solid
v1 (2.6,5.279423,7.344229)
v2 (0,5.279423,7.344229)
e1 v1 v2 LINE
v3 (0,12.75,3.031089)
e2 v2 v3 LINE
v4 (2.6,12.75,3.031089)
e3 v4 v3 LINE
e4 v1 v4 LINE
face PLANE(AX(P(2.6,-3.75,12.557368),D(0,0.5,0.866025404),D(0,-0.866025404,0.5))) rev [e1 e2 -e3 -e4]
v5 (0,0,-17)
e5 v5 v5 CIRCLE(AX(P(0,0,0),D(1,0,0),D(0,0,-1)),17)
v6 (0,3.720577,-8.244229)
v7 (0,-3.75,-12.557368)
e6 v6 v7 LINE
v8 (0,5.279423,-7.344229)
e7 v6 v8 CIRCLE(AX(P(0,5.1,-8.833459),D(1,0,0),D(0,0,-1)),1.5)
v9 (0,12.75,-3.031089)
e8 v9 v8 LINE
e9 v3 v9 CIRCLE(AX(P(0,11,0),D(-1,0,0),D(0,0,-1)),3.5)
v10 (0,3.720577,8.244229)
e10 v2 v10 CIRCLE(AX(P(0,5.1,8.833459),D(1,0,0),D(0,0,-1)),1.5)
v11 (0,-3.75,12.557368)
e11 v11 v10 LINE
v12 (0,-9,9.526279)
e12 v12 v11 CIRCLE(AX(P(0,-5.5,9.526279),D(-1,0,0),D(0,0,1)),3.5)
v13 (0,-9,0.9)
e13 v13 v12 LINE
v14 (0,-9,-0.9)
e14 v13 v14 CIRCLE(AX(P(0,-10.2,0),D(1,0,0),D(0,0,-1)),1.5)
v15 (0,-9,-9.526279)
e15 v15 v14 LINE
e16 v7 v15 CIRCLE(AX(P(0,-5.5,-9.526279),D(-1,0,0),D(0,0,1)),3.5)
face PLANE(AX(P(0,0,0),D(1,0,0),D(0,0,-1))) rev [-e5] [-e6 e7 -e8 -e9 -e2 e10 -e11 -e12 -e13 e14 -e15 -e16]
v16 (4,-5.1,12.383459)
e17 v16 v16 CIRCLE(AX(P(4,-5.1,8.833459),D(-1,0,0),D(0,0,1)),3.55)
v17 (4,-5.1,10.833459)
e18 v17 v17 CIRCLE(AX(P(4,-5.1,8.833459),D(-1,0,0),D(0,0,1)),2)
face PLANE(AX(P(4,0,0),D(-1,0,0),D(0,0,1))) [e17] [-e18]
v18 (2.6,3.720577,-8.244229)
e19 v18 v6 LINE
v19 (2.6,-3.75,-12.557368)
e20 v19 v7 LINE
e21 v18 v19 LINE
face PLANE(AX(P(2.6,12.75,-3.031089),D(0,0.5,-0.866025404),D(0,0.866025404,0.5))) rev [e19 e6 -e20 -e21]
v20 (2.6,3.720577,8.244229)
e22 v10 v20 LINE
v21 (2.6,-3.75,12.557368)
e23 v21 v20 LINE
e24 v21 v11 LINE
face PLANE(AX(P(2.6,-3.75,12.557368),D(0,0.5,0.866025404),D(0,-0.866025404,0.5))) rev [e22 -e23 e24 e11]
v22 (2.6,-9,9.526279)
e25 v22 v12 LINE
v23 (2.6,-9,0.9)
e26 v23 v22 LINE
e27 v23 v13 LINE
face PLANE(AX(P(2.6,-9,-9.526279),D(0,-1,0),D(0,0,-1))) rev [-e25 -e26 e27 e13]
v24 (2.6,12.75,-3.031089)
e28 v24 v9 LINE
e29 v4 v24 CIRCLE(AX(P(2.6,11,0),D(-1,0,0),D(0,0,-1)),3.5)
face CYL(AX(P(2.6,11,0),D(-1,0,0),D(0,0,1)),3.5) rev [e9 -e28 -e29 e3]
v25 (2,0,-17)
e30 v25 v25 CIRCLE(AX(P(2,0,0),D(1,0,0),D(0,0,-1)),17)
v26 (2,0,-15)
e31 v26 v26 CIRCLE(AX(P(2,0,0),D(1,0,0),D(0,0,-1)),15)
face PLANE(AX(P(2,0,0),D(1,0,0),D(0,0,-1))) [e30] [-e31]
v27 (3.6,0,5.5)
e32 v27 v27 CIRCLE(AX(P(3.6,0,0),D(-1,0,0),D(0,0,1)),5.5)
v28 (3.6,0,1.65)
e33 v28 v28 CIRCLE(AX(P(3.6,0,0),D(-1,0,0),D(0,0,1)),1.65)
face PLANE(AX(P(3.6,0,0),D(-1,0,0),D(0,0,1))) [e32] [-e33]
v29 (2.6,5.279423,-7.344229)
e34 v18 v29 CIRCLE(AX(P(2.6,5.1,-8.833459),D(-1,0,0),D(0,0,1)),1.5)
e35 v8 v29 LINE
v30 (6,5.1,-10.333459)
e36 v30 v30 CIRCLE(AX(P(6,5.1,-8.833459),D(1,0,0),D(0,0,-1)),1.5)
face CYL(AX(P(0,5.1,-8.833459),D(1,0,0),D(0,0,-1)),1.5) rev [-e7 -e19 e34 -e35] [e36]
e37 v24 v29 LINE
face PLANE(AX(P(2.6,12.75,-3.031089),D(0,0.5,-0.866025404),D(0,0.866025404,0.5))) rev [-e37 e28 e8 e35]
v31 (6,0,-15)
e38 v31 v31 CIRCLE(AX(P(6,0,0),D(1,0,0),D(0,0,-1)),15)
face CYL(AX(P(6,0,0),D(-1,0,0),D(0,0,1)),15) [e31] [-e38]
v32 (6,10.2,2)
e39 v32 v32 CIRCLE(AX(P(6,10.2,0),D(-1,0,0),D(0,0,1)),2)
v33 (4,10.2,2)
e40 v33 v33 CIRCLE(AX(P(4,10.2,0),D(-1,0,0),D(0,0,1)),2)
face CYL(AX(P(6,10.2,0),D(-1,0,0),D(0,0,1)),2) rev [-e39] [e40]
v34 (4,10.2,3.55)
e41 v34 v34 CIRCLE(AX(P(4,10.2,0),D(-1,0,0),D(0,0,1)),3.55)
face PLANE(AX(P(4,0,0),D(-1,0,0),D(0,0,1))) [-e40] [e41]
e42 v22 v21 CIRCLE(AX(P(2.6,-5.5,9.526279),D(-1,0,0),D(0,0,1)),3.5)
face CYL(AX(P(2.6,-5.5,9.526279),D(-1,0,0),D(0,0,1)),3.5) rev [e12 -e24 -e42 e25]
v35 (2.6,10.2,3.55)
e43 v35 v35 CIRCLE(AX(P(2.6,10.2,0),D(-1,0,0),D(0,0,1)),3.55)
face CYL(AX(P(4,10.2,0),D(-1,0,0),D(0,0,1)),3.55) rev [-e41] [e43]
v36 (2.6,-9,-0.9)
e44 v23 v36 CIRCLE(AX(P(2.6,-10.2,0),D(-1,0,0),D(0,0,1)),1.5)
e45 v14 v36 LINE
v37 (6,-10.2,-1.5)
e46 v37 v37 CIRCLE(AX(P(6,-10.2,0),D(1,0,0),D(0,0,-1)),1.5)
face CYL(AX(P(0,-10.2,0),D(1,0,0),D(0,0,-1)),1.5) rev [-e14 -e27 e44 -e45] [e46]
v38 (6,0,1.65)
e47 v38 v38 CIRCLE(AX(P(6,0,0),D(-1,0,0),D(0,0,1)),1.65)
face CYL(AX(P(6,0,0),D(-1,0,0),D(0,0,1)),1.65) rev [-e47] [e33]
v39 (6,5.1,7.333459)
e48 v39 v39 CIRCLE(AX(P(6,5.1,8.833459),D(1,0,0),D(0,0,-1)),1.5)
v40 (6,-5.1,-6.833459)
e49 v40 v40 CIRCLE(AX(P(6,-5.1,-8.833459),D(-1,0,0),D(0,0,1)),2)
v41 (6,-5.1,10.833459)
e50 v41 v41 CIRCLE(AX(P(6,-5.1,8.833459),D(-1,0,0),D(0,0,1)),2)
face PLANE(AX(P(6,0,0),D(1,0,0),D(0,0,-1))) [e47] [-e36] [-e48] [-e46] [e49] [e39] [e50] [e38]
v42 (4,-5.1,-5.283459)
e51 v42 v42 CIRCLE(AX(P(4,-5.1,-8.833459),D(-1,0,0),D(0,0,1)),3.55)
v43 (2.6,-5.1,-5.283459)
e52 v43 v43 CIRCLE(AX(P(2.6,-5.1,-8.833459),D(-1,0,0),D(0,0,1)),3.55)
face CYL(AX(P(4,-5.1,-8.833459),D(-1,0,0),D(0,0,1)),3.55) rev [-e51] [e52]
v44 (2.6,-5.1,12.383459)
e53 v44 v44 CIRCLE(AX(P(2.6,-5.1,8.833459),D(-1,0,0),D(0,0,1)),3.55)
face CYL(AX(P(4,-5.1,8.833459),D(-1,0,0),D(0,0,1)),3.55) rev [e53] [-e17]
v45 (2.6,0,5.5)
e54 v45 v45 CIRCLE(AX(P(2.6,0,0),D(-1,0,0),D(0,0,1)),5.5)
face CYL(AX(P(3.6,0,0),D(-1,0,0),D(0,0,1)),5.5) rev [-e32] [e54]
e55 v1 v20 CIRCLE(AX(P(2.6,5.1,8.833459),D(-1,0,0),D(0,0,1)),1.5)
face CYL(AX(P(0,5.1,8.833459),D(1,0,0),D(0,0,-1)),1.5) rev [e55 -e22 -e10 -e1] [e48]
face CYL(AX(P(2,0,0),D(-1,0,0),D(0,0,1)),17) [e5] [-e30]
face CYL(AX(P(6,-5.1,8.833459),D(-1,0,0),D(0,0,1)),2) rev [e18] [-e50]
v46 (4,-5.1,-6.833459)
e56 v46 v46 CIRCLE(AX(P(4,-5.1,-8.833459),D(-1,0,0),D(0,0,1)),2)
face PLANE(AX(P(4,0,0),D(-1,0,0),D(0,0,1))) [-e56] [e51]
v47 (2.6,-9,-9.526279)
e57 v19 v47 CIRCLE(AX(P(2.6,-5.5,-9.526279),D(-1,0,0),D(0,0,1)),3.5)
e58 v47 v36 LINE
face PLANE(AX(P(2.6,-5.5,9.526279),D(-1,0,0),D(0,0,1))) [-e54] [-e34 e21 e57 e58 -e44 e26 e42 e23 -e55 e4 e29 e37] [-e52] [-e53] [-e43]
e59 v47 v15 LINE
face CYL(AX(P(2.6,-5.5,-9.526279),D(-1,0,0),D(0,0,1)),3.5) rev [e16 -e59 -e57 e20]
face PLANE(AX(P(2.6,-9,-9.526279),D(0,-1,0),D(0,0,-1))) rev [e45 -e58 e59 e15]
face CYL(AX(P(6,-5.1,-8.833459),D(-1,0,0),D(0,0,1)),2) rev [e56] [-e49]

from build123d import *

# Parameters (mm, degrees)
SKETCH_4_R          = 17
EXTRUDE_2_DEPTH     = 2
SKETCH_5_R          = 15
EXTRUDE_3_DEPTH     = 4
CUT_EXTRUDE_1_DEPTH = 2.6
SKETCH_7_R          = 3.55
CUT_EXTRUDE_2_DEPTH = 1.4
SKETCH_8_R          = 2
CUT_EXTRUDE_3_DEPTH = 25.280856657
SKETCH_9_R          = 5.5
CUT_EXTRUDE_4_DEPTH = 1
SKETCH_11_R         = 1.65
CUT_EXTRUDE_5_DEPTH = 25.309668858
SKETCH_13_R         = 1.5
CUT_EXTRUDE_6_DEPTH = 25.779023387


with BuildPart() as part:
    # 草图4 → 凸台-拉伸2 (new body)
    with BuildSketch(Plane(origin=(0, 0, 0), x_dir=(0, 0, -1), z_dir=(1, 0, 0))):
        Circle(SKETCH_4_R)
    extrude(amount=EXTRUDE_2_DEPTH)

    # 草图5 → 凸台-拉伸3 (add)
    with BuildSketch(Plane(origin=(2, 0, 0), x_dir=(0, 0, -1), z_dir=(1, 0, 0))):
        Circle(SKETCH_5_R)
    extrude(amount=EXTRUDE_3_DEPTH)

    # 草图6 → 切除-拉伸1 (cut)
    with BuildSketch(Plane.ZY):
        with BuildLine():
            Line((-3.031088913, 12.75), (-12.557368355, -3.75))
            ThreePointArc((-12.557368355, -3.75), (-12.557368355, -7.25), (-9.526279442, -9))
            Line((-9.526279442, -9), (9.526279442, -9))
            ThreePointArc((9.526279442, -9), (12.557368355, -7.25), (12.557368355, -3.75))
            Line((12.557368355, -3.75), (3.031088913, 12.75))
            ThreePointArc((3.031088913, 12.75), (0, 14.5), (-3.031088913, 12.75))
        make_face()
    extrude(amount=-CUT_EXTRUDE_1_DEPTH, mode=Mode.SUBTRACT)

    # 草图7 → 切除-拉伸2 (cut)
    with BuildSketch(Plane.ZY.offset(-2.6)):
        with Locations((0, 10.2)):
            Circle(SKETCH_7_R)
        with Locations((8.833459119, -5.1)):
            Circle(SKETCH_7_R)
        with Locations((-8.833459119, -5.1)):
            Circle(SKETCH_7_R)
    extrude(amount=-CUT_EXTRUDE_2_DEPTH, mode=Mode.SUBTRACT)

    # 草图8 → 切除-拉伸3 (cut, through all)
    with BuildSketch(Plane.ZY.offset(-2.6)):
        with Locations((0, 10.2)):
            Circle(SKETCH_8_R)
        with Locations((8.833459119, -5.1)):
            Circle(SKETCH_8_R)
        with Locations((-8.833459119, -5.1)):
            Circle(SKETCH_8_R)
    extrude(amount=-CUT_EXTRUDE_3_DEPTH, mode=Mode.SUBTRACT)

    # 草图9 → 切除-拉伸4 (cut)
    with BuildSketch(Plane.ZY.offset(-2.6)):
        Circle(SKETCH_9_R)
    extrude(amount=-CUT_EXTRUDE_4_DEPTH, mode=Mode.SUBTRACT)

    # 草图11 → 切除-拉伸5 (cut, through all)
    with BuildSketch(Plane.ZY.offset(-3.6)):
        Circle(SKETCH_11_R)
    extrude(amount=-CUT_EXTRUDE_5_DEPTH, mode=Mode.SUBTRACT)

    # 草图13 → 切除-拉伸6 (cut, through all)
    with BuildSketch(Plane(origin=(6, 0, 0), x_dir=(0, 0, -1), z_dir=(1, 0, 0))):
        with Locations((-8.833459119, 5.1)):
            Circle(SKETCH_13_R)
        with Locations((8.833459119, 5.1)):
            Circle(SKETCH_13_R)
        with Locations((0, -10.2)):
            Circle(SKETCH_13_R)
    extrude(amount=-CUT_EXTRUDE_6_DEPTH, mode=Mode.SUBTRACT)


solid = part.part
